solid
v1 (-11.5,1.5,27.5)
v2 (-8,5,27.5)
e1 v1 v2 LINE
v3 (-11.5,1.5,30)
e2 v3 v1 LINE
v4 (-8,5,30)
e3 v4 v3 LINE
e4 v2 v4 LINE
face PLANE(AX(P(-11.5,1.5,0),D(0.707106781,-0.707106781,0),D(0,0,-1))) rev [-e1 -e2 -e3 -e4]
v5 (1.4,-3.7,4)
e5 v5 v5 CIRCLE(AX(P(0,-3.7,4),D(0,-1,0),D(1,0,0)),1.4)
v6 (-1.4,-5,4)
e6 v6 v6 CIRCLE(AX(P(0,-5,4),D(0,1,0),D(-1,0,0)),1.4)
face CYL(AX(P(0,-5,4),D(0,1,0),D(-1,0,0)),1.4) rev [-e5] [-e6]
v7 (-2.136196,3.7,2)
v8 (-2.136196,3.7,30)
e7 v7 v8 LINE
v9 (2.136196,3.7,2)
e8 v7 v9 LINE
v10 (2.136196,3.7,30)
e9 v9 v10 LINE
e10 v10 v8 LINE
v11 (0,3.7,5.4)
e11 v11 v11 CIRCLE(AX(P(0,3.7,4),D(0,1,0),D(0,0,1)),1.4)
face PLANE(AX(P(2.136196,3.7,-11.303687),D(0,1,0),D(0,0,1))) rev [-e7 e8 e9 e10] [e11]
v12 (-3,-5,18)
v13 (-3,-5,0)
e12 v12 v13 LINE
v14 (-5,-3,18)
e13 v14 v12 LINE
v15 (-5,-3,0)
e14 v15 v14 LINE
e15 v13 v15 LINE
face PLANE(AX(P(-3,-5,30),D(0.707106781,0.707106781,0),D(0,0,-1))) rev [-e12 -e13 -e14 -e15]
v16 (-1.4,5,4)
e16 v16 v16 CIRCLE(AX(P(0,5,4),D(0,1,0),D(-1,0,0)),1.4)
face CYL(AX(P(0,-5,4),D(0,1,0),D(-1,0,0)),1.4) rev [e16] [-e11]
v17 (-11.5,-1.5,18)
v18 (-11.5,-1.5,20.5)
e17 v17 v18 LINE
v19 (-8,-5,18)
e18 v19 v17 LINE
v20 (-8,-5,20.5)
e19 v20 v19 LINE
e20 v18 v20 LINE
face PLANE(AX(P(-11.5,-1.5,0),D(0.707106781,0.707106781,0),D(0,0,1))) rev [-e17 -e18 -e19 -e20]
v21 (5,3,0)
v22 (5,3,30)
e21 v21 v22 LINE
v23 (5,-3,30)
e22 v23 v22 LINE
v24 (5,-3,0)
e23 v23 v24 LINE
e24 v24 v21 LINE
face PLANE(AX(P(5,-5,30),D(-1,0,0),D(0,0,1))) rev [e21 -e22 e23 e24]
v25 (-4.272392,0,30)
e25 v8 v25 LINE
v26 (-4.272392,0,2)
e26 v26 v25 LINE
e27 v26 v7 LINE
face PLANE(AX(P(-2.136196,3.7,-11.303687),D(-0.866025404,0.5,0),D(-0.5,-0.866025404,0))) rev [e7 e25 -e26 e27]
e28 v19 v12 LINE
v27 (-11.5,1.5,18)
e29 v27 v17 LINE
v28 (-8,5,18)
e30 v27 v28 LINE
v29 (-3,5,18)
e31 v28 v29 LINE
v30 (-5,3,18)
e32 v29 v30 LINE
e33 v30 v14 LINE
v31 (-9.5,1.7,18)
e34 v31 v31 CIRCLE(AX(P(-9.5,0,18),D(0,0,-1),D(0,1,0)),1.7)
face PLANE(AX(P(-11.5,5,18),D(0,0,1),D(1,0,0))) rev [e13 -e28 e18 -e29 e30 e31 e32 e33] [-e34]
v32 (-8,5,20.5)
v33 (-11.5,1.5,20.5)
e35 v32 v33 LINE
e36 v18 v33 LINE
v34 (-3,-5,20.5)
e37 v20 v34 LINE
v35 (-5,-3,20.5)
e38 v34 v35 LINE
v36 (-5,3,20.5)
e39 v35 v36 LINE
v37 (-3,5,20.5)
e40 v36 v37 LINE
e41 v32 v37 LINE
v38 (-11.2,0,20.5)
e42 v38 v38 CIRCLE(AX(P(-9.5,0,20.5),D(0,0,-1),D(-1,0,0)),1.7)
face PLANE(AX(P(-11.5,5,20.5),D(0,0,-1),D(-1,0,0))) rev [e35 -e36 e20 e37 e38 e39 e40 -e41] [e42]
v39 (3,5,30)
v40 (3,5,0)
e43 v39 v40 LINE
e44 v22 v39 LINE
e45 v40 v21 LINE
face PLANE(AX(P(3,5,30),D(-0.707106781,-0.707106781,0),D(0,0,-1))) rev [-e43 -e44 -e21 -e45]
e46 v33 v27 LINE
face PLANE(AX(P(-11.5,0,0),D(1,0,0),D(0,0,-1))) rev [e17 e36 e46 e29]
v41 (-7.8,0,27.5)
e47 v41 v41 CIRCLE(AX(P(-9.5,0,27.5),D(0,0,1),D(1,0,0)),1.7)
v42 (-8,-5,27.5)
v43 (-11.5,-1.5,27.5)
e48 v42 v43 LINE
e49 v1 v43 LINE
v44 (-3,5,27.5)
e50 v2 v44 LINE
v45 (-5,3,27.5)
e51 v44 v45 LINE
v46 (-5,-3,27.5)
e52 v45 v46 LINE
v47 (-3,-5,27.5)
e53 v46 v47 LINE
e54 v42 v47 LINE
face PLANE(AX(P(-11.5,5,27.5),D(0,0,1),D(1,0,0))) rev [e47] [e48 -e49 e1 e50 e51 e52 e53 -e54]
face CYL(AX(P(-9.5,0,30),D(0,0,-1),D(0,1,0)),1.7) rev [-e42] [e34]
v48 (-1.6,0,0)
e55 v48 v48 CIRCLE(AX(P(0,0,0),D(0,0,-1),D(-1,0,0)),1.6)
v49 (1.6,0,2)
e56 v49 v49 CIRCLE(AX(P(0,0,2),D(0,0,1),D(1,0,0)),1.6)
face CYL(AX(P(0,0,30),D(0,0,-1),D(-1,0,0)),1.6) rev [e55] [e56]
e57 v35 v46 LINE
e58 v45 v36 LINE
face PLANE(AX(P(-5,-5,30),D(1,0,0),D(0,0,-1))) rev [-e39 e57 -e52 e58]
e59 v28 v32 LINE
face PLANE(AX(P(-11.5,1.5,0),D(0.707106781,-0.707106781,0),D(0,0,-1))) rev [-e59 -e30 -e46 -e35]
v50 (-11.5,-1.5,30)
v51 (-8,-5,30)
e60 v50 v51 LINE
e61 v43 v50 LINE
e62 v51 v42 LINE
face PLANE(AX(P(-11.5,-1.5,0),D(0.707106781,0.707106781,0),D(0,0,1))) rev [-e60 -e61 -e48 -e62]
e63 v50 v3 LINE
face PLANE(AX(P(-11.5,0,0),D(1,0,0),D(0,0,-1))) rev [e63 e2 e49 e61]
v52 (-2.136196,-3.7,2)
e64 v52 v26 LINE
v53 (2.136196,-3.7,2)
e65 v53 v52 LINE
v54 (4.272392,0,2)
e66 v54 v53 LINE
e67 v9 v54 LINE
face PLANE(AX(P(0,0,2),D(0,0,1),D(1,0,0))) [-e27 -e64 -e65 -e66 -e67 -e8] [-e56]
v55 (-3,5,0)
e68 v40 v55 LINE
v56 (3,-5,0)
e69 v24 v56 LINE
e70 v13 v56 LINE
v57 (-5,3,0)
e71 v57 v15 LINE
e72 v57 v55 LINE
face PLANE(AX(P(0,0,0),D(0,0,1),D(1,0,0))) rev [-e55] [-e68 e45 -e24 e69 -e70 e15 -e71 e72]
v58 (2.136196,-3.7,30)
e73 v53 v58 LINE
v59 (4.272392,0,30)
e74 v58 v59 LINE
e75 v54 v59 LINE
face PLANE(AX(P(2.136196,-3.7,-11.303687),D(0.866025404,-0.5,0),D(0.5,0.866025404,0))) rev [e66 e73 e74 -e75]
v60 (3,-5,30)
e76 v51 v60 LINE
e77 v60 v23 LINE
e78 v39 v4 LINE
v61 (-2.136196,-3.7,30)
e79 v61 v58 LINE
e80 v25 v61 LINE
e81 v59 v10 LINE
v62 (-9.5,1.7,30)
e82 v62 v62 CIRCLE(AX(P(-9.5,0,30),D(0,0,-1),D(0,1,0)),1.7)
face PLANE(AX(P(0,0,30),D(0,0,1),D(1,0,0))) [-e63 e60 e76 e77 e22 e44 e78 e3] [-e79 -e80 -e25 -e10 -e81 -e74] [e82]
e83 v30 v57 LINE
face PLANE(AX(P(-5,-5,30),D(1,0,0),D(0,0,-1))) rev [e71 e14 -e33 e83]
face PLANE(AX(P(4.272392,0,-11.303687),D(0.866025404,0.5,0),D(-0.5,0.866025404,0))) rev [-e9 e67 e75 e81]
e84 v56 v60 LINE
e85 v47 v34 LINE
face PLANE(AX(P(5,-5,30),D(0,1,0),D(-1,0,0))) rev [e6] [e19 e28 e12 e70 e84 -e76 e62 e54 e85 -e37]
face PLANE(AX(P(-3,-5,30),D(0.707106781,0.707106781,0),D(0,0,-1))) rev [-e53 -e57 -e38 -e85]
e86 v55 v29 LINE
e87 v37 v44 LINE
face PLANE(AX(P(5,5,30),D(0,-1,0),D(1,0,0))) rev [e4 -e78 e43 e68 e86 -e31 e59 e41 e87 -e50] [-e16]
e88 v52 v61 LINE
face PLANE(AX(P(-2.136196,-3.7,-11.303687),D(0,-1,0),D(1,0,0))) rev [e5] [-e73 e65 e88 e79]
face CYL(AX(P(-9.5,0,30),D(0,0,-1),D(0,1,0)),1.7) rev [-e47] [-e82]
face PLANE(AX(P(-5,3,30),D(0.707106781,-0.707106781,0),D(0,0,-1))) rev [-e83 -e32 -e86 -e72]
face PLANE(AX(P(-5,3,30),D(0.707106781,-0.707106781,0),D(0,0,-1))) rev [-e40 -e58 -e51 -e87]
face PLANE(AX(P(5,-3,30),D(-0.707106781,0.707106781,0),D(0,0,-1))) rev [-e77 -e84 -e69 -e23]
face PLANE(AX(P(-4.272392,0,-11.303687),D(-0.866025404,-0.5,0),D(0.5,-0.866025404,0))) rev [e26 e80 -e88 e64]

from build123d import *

# Parameters (mm, degrees)
ESQUISSE1_W             = 10
ESQUISSE1_H             = 10
BOSS_EXTRU_1_DEPTH      = 30
ENL_V_MAT_EXTRU_1_DEPTH = 28
ESQUISSE3_R             = 1.6
ENL_V_MAT_EXTRU_2_DEPTH = 31.822070015
ESQUISSE4_W             = 2.5
ESQUISSE4_H             = 10
BOSS_EXTRU_2_DEPTH      = 6.5
CHANFREIN2_SIZE         = 3.5
ESQUISSE5_R             = 1.7
ENL_V_MAT_EXTRU_3_DEPTH = 22.937410968
CHANFREIN3_SIZE         = 2
ESQUISSE9_R             = 1.4
ENL_V_MAT_EXTRU_4_DEPTH = 10


with BuildPart() as part:
    # Esquisse1 → Boss.-Extru.1 (new body)
    with BuildSketch(Plane.XY):
        Rectangle(ESQUISSE1_W, ESQUISSE1_H)
    extrude(amount=BOSS_EXTRU_1_DEPTH)

    # Esquisse2 → Enlèv. mat.-Extru.1 (cut)
    with BuildSketch(Plane.XY.offset(30)):
        Polygon((-4.272391992, 0), (-2.136195996, -3.7), (2.136195996, -3.7), (4.272391992, 0), (2.136195996, 3.7), (-2.136195996, 3.7), align=None)
    extrude(amount=-ENL_V_MAT_EXTRU_1_DEPTH, mode=Mode.SUBTRACT)

    # Esquisse3 → Enlèv. mat.-Extru.2 (cut, through all)
    with BuildSketch(Plane(origin=(0, 0, 0), x_dir=(-1, 0, 0), z_dir=(0, 0, -1))):
        Circle(ESQUISSE3_R)
    extrude(amount=-ENL_V_MAT_EXTRU_2_DEPTH, mode=Mode.SUBTRACT)

    # Esquisse4 → Boss.-Extru.2 (add)
    with BuildSketch(Plane.ZY.offset(5)):
        with Locations((28.75, 0)):
            Rectangle(ESQUISSE4_W, ESQUISSE4_H)
        with Locations((19.25, 0)):
            Rectangle(ESQUISSE4_W, ESQUISSE4_H)
    extrude(amount=BOSS_EXTRU_2_DEPTH)

    # Chanfrein2
    chanfrein2_edges = [part.edges().sort_by_distance(p)[0] for p in [
        (-11.5, -5, 28.75),
        (-11.5, 5, 28.75),
        (-11.5, -5, 19.25),
        (-11.5, 5, 19.25),
    ]]
    chamfer(chanfrein2_edges, length=CHANFREIN2_SIZE)

    # Esquisse5 → Enlèv. mat.-Extru.3 (cut, through all)
    with BuildSketch(Plane(origin=(0, 0, 18), x_dir=(-1, 0, 0), z_dir=(0, 0, -1))):
        with Locations(Location((9.5, 0, 0), (0, 0, 90))):
            Circle(ESQUISSE5_R)
    extrude(amount=-ENL_V_MAT_EXTRU_3_DEPTH, mode=Mode.SUBTRACT)

    # Chanfrein3
    chanfrein3_edges = [part.edges().sort_by_distance(p)[0] for p in [
        (-5, 5, 24),
        (-5, -5, 24),
        (5, -5, 15),
        (5, 5, 15),
        (-5, 5, 9),
        (-5, -5, 9),
    ]]
    chamfer(chanfrein3_edges, length=CHANFREIN3_SIZE)

    # Esquisse9 → Enlèv. mat.-Extru.4 (cut)
    with BuildSketch(Plane(origin=(0, 5, 0), x_dir=(1, 0, 0), z_dir=(0, 1, 0))):
        with Locations(Location((0, -4, 0), (0, 0, 180))):
            Circle(ESQUISSE9_R)
    extrude(amount=-ENL_V_MAT_EXTRU_4_DEPTH, mode=Mode.SUBTRACT)


solid = part.part
